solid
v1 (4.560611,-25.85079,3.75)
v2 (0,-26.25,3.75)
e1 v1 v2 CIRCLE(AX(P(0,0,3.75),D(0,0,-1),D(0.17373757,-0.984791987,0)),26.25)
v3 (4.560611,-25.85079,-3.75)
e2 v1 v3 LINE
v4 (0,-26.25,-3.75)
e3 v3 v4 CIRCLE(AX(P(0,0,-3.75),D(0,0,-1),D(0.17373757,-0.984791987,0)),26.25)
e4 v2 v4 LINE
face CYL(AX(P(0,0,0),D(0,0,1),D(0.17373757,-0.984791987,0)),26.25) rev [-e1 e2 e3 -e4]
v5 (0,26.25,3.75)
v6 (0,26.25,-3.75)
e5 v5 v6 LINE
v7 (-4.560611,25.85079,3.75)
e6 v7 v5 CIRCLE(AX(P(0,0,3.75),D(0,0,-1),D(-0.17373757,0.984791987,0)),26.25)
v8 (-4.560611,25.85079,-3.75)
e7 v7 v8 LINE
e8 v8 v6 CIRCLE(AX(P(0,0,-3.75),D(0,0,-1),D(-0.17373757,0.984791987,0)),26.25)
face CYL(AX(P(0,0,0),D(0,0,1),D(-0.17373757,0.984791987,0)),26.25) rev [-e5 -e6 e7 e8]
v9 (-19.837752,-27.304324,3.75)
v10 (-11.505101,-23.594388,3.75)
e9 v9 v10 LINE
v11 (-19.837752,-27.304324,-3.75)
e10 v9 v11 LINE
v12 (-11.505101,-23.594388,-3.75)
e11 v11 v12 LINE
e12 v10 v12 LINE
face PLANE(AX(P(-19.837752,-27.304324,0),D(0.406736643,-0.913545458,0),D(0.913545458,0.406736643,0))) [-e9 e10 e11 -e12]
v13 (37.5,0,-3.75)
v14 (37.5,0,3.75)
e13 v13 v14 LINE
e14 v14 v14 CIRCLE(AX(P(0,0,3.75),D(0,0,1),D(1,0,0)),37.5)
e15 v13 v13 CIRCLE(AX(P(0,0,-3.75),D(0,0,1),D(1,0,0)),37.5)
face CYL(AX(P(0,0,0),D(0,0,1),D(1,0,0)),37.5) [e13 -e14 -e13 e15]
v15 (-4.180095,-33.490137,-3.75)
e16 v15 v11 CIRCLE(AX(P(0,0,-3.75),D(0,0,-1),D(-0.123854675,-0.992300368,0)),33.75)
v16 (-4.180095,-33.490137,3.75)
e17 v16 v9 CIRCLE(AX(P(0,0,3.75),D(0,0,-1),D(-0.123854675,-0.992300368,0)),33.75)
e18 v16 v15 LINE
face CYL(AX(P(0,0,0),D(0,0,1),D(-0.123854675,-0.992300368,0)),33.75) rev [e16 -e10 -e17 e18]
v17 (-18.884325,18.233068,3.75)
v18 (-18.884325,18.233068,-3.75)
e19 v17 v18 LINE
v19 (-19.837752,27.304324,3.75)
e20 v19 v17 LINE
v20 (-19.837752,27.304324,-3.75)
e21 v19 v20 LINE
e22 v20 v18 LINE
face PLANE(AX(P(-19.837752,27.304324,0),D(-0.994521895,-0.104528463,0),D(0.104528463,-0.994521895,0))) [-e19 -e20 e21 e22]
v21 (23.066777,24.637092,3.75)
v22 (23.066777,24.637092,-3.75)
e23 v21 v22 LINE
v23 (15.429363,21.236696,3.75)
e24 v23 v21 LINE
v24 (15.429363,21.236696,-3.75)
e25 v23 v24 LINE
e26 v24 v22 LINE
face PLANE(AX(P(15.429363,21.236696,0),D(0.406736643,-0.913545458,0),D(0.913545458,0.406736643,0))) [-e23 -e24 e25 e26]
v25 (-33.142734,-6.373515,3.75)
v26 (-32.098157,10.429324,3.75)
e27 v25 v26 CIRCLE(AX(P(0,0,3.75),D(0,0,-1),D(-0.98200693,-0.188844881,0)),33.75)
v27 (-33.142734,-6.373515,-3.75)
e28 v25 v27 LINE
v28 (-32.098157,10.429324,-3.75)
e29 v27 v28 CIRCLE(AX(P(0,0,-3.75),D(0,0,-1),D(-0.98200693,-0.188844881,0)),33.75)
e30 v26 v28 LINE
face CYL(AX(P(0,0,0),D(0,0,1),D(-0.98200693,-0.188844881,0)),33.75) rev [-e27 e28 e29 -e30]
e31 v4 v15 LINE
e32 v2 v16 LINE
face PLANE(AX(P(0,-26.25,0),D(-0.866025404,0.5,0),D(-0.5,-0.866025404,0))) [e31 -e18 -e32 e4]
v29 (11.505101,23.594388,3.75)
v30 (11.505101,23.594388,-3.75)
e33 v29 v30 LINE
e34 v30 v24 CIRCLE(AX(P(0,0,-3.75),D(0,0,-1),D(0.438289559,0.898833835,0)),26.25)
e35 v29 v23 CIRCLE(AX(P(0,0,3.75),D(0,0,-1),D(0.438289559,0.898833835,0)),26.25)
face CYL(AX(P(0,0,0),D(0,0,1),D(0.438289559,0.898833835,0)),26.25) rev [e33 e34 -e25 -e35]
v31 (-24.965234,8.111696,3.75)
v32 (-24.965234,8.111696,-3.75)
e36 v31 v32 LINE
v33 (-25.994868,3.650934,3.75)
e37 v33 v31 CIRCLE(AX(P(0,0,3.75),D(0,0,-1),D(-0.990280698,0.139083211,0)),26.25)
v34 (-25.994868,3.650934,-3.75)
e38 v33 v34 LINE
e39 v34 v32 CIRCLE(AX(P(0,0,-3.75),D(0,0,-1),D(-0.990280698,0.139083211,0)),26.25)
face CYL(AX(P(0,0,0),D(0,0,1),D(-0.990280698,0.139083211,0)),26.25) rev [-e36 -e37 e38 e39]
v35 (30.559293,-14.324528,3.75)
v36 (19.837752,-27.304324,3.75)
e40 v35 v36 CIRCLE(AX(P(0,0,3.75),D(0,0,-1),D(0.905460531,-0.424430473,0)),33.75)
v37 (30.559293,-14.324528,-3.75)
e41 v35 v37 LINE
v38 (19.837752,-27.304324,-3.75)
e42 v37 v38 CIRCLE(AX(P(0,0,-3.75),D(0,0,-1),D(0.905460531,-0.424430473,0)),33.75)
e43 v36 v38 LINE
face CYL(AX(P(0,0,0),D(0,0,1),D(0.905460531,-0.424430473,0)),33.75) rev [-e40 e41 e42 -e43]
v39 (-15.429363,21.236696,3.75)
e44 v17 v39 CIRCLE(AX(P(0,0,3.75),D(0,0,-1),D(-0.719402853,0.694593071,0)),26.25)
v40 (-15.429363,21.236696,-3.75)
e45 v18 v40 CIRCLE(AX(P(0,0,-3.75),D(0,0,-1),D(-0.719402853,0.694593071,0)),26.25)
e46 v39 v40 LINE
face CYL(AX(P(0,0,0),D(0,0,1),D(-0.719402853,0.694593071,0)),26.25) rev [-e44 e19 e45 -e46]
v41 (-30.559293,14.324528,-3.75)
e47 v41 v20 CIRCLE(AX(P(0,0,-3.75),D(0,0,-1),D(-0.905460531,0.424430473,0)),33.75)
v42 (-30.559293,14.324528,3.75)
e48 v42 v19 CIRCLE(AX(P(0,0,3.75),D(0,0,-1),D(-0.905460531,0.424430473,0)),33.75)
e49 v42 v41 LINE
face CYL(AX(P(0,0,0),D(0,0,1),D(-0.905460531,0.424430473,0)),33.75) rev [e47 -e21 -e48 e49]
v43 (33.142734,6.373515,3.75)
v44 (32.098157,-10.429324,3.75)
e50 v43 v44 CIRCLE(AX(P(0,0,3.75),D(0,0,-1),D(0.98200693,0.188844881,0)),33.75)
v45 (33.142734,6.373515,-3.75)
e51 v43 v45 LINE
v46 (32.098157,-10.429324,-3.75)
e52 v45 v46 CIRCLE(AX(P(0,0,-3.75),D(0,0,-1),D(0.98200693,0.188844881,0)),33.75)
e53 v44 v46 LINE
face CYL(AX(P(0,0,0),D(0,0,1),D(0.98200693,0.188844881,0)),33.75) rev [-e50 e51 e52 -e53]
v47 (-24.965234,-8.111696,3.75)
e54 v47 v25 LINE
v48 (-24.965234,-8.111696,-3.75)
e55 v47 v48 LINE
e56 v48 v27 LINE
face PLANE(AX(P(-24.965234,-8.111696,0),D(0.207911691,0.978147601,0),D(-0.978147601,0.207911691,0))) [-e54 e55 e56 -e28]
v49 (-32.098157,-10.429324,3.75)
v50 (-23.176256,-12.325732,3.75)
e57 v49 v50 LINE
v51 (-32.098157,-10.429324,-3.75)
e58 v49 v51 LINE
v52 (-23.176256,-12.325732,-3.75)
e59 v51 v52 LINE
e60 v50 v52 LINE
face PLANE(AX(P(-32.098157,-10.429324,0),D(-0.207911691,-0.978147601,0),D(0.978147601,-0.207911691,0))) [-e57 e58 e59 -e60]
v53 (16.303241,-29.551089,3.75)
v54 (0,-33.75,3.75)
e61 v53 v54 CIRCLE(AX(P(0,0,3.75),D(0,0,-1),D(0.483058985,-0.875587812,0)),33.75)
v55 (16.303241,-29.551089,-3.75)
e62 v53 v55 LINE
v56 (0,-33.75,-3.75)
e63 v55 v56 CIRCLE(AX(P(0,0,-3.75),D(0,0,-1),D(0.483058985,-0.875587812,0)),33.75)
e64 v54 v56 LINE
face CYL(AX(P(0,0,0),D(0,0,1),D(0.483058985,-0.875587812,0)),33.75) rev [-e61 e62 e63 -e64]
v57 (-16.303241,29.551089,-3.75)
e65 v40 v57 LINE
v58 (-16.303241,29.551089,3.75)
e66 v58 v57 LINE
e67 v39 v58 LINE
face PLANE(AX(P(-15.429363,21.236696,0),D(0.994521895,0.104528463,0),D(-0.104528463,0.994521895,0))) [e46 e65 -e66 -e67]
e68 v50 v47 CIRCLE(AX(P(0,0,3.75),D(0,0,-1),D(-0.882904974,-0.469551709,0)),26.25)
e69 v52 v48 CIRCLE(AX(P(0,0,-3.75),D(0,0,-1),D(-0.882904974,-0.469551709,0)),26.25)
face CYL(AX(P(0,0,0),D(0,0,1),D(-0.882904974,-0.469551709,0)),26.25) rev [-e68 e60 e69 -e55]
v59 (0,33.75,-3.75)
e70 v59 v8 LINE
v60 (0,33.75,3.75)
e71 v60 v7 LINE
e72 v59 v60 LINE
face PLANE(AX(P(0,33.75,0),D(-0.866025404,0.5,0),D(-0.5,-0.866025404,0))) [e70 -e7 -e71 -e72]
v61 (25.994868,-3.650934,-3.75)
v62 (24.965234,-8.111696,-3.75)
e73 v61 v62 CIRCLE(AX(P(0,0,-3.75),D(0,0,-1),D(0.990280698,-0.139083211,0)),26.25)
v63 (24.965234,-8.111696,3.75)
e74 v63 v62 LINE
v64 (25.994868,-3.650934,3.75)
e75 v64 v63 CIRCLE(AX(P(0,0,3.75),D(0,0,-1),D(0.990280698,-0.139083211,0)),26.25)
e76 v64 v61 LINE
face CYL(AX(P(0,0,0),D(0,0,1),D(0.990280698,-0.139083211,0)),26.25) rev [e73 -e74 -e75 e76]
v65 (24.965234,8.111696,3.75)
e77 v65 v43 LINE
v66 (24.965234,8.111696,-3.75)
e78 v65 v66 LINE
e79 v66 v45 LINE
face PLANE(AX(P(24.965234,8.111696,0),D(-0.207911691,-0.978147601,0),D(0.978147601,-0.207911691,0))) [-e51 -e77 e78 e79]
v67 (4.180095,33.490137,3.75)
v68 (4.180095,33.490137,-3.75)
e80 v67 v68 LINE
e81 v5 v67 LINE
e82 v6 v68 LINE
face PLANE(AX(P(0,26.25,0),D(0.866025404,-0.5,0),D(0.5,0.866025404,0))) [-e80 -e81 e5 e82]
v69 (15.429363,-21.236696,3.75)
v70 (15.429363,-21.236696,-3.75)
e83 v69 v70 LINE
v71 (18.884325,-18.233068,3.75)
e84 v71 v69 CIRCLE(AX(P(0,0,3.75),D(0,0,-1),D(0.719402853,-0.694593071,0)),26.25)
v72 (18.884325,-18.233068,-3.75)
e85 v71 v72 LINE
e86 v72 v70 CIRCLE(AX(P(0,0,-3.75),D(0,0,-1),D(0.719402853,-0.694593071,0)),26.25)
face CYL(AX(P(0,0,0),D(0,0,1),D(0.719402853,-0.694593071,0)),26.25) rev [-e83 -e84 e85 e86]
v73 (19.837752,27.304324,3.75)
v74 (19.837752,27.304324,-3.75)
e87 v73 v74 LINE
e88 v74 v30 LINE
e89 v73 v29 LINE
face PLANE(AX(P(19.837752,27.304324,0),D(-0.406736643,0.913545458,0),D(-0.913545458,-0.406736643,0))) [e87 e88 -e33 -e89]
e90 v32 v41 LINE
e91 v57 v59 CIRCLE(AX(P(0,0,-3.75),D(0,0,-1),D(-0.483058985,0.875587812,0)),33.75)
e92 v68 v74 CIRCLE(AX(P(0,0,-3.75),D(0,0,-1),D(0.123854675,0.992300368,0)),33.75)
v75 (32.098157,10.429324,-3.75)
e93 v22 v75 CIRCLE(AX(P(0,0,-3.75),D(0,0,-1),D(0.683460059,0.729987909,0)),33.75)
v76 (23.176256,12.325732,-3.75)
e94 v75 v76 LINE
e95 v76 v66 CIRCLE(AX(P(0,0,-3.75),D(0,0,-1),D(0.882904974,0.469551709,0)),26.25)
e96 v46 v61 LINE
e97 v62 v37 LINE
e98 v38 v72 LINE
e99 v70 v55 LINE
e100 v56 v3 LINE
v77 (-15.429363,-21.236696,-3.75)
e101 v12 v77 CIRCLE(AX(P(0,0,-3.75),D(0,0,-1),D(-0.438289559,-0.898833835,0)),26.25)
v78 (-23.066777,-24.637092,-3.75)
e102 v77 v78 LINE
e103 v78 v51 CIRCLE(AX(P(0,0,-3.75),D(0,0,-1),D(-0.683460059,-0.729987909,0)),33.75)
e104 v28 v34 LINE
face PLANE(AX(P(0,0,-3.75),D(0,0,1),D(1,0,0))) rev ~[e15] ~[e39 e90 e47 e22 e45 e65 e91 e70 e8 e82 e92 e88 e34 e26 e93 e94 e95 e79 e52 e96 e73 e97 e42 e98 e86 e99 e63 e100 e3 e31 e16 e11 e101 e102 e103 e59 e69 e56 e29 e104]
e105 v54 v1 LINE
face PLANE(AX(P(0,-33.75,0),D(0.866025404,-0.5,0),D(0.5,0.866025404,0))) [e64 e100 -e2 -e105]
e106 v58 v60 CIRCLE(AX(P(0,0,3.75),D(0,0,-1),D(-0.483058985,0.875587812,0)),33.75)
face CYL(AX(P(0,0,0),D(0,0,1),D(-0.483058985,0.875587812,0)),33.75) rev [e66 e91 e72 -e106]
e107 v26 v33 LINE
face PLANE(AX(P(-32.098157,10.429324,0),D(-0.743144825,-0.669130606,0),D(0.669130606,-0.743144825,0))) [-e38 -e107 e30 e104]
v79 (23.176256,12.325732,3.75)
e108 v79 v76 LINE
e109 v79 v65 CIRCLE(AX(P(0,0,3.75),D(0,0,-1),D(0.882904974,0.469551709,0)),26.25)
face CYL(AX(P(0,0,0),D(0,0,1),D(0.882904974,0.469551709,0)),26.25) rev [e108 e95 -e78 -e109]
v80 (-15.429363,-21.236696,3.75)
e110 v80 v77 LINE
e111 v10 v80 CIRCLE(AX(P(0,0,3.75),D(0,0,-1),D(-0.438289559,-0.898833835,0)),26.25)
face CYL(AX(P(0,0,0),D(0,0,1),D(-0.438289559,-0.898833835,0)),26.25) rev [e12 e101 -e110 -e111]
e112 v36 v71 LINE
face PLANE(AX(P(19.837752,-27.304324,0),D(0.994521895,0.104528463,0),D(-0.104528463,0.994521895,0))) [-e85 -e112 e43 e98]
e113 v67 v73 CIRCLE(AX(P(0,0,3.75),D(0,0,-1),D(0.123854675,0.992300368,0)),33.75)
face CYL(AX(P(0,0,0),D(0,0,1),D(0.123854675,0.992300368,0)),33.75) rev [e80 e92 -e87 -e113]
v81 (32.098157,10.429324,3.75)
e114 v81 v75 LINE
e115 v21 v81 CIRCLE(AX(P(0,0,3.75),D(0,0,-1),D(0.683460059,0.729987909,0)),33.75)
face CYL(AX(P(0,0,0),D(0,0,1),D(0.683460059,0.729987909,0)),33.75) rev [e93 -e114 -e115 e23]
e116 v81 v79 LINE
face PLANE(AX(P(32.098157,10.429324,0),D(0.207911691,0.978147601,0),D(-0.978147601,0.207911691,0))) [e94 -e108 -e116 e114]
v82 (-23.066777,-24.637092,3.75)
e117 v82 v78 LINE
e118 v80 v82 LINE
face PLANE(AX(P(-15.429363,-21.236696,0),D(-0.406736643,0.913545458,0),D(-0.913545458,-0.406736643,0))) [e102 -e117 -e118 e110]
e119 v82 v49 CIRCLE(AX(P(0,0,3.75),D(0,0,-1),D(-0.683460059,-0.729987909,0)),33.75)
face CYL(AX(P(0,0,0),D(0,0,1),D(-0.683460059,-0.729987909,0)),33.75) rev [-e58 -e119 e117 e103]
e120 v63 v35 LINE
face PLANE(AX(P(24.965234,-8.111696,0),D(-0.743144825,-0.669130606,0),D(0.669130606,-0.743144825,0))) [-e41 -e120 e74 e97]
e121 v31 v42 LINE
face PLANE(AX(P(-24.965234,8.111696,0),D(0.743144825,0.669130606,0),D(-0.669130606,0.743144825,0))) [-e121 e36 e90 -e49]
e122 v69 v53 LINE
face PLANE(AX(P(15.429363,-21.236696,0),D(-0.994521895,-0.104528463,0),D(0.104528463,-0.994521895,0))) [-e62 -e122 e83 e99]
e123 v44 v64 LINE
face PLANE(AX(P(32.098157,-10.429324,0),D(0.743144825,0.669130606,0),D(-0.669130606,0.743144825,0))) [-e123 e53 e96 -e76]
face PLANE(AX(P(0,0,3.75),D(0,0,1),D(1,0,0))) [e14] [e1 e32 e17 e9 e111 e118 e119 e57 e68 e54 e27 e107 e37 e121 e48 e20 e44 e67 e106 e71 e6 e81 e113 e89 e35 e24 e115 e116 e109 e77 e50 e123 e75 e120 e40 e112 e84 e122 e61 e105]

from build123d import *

# Parameters (mm, degrees)
SKETCH1_R           = 25
BOSS_EXTRUDE2_DEPTH = 2.5
SCALE1_SCALE        = 1.5


with BuildPart() as part:
    # Sketch1 → Boss-Extrude2 (new, symmetric)
    with BuildSketch(Plane.XY):
        Circle(SKETCH1_R)
        with BuildLine():
            Line((0, 22.5), (-3.040407483, 17.233859763))
            ThreePointArc((-3.040407483, 17.233859763), (-1.526016734, 17.433337974), (0, 17.5))
            Line((0, 17.5), (2.786730187, 22.32675827))
            ThreePointArc((2.786730187, 22.32675827), (8.267212977, 20.926136519), (13.225168177, 18.202882373))
            Line((13.225168177, 18.202882373), (7.670067285, 15.729592107))
            ThreePointArc((7.670067285, 15.729592107), (9.012485488, 15.000836821), (10.286241915, 14.157797402))
            Line((10.286241915, 14.157797402), (15.377851323, 16.424727964))
            ThreePointArc((15.377851323, 16.424727964), (18.988390227, 12.070254205), (21.398771617, 6.952882373))
            Line((21.398771617, 6.952882373), (15.450837046, 8.217154895))
            ThreePointArc((15.450837046, 8.217154895), (16.108524577, 6.838525862), (16.643489035, 5.407797402))
            Line((16.643489035, 5.407797402), (22.095155927, 4.249009832))
            ThreePointArc((22.095155927, 4.249009832), (22.456647803, -1.396054962), (21.398771617, -6.952882373))
            Line((21.398771617, -6.952882373), (17.329912211, -2.433956196))
            ThreePointArc((17.329912211, -2.433956196), (17.051654786, -3.935869544), (16.643489035, -5.407797402))
            Line((16.643489035, -5.407797402), (20.372861954, -9.549685638))
            ThreePointArc((20.372861954, -9.549685638), (17.347229191, -14.329118584), (13.225168177, -18.202882373))
            Line((13.225168177, -18.202882373), (12.589549933, -12.155378747))
            ThreePointArc((12.589549933, -12.155378747), (11.481632431, -13.206896559), (10.286241915, -14.157797402))
            Line((10.286241915, -14.157797402), (10.868827163, -19.700725776))
            ThreePointArc((10.868827163, -19.700725776), (5.611758639, -21.788945935), (0, -22.5))
            Line((0, -22.5), (3.040407483, -17.233859763))
            ThreePointArc((3.040407483, -17.233859763), (1.526016734, -17.433337974), (0, -17.5))
            Line((0, -17.5), (-2.786730187, -22.32675827))
            ThreePointArc((-2.786730187, -22.32675827), (-8.267212977, -20.926136519), (-13.225168177, -18.202882373))
            Line((-13.225168177, -18.202882373), (-7.670067285, -15.729592107))
            ThreePointArc((-7.670067285, -15.729592107), (-9.012485488, -15.000836821), (-10.286241915, -14.157797402))
            Line((-10.286241915, -14.157797402), (-15.377851323, -16.424727964))
            ThreePointArc((-15.377851323, -16.424727964), (-18.988390227, -12.070254205), (-21.398771617, -6.952882373))
            Line((-21.398771617, -6.952882373), (-15.450837046, -8.217154895))
            ThreePointArc((-15.450837046, -8.217154895), (-16.108524577, -6.838525862), (-16.643489035, -5.407797402))
            Line((-16.643489035, -5.407797402), (-22.095155927, -4.249009832))
            ThreePointArc((-22.095155927, -4.249009832), (-22.456647803, 1.396054962), (-21.398771617, 6.952882373))
            Line((-21.398771617, 6.952882373), (-17.329912211, 2.433956196))
            ThreePointArc((-17.329912211, 2.433956196), (-17.051654786, 3.935869544), (-16.643489035, 5.407797402))
            Line((-16.643489035, 5.407797402), (-20.372861954, 9.549685638))
            ThreePointArc((-20.372861954, 9.549685638), (-17.347229191, 14.329118584), (-13.225168177, 18.202882373))
            Line((-13.225168177, 18.202882373), (-12.589549933, 12.155378747))
            ThreePointArc((-12.589549933, 12.155378747), (-11.481632431, 13.206896559), (-10.286241915, 14.157797402))
            Line((-10.286241915, 14.157797402), (-10.868827163, 19.700725776))
            ThreePointArc((-10.868827163, 19.700725776), (-5.611758639, 21.788945935), (0, 22.5))
        make_face(mode=Mode.SUBTRACT)
    extrude(amount=BOSS_EXTRUDE2_DEPTH, both=True)


with BuildPart() as part_1:
    # Scale1: scaled about (0, 0, 0)
    add(part.part.scale(SCALE1_SCALE))


solid = part_1.part
